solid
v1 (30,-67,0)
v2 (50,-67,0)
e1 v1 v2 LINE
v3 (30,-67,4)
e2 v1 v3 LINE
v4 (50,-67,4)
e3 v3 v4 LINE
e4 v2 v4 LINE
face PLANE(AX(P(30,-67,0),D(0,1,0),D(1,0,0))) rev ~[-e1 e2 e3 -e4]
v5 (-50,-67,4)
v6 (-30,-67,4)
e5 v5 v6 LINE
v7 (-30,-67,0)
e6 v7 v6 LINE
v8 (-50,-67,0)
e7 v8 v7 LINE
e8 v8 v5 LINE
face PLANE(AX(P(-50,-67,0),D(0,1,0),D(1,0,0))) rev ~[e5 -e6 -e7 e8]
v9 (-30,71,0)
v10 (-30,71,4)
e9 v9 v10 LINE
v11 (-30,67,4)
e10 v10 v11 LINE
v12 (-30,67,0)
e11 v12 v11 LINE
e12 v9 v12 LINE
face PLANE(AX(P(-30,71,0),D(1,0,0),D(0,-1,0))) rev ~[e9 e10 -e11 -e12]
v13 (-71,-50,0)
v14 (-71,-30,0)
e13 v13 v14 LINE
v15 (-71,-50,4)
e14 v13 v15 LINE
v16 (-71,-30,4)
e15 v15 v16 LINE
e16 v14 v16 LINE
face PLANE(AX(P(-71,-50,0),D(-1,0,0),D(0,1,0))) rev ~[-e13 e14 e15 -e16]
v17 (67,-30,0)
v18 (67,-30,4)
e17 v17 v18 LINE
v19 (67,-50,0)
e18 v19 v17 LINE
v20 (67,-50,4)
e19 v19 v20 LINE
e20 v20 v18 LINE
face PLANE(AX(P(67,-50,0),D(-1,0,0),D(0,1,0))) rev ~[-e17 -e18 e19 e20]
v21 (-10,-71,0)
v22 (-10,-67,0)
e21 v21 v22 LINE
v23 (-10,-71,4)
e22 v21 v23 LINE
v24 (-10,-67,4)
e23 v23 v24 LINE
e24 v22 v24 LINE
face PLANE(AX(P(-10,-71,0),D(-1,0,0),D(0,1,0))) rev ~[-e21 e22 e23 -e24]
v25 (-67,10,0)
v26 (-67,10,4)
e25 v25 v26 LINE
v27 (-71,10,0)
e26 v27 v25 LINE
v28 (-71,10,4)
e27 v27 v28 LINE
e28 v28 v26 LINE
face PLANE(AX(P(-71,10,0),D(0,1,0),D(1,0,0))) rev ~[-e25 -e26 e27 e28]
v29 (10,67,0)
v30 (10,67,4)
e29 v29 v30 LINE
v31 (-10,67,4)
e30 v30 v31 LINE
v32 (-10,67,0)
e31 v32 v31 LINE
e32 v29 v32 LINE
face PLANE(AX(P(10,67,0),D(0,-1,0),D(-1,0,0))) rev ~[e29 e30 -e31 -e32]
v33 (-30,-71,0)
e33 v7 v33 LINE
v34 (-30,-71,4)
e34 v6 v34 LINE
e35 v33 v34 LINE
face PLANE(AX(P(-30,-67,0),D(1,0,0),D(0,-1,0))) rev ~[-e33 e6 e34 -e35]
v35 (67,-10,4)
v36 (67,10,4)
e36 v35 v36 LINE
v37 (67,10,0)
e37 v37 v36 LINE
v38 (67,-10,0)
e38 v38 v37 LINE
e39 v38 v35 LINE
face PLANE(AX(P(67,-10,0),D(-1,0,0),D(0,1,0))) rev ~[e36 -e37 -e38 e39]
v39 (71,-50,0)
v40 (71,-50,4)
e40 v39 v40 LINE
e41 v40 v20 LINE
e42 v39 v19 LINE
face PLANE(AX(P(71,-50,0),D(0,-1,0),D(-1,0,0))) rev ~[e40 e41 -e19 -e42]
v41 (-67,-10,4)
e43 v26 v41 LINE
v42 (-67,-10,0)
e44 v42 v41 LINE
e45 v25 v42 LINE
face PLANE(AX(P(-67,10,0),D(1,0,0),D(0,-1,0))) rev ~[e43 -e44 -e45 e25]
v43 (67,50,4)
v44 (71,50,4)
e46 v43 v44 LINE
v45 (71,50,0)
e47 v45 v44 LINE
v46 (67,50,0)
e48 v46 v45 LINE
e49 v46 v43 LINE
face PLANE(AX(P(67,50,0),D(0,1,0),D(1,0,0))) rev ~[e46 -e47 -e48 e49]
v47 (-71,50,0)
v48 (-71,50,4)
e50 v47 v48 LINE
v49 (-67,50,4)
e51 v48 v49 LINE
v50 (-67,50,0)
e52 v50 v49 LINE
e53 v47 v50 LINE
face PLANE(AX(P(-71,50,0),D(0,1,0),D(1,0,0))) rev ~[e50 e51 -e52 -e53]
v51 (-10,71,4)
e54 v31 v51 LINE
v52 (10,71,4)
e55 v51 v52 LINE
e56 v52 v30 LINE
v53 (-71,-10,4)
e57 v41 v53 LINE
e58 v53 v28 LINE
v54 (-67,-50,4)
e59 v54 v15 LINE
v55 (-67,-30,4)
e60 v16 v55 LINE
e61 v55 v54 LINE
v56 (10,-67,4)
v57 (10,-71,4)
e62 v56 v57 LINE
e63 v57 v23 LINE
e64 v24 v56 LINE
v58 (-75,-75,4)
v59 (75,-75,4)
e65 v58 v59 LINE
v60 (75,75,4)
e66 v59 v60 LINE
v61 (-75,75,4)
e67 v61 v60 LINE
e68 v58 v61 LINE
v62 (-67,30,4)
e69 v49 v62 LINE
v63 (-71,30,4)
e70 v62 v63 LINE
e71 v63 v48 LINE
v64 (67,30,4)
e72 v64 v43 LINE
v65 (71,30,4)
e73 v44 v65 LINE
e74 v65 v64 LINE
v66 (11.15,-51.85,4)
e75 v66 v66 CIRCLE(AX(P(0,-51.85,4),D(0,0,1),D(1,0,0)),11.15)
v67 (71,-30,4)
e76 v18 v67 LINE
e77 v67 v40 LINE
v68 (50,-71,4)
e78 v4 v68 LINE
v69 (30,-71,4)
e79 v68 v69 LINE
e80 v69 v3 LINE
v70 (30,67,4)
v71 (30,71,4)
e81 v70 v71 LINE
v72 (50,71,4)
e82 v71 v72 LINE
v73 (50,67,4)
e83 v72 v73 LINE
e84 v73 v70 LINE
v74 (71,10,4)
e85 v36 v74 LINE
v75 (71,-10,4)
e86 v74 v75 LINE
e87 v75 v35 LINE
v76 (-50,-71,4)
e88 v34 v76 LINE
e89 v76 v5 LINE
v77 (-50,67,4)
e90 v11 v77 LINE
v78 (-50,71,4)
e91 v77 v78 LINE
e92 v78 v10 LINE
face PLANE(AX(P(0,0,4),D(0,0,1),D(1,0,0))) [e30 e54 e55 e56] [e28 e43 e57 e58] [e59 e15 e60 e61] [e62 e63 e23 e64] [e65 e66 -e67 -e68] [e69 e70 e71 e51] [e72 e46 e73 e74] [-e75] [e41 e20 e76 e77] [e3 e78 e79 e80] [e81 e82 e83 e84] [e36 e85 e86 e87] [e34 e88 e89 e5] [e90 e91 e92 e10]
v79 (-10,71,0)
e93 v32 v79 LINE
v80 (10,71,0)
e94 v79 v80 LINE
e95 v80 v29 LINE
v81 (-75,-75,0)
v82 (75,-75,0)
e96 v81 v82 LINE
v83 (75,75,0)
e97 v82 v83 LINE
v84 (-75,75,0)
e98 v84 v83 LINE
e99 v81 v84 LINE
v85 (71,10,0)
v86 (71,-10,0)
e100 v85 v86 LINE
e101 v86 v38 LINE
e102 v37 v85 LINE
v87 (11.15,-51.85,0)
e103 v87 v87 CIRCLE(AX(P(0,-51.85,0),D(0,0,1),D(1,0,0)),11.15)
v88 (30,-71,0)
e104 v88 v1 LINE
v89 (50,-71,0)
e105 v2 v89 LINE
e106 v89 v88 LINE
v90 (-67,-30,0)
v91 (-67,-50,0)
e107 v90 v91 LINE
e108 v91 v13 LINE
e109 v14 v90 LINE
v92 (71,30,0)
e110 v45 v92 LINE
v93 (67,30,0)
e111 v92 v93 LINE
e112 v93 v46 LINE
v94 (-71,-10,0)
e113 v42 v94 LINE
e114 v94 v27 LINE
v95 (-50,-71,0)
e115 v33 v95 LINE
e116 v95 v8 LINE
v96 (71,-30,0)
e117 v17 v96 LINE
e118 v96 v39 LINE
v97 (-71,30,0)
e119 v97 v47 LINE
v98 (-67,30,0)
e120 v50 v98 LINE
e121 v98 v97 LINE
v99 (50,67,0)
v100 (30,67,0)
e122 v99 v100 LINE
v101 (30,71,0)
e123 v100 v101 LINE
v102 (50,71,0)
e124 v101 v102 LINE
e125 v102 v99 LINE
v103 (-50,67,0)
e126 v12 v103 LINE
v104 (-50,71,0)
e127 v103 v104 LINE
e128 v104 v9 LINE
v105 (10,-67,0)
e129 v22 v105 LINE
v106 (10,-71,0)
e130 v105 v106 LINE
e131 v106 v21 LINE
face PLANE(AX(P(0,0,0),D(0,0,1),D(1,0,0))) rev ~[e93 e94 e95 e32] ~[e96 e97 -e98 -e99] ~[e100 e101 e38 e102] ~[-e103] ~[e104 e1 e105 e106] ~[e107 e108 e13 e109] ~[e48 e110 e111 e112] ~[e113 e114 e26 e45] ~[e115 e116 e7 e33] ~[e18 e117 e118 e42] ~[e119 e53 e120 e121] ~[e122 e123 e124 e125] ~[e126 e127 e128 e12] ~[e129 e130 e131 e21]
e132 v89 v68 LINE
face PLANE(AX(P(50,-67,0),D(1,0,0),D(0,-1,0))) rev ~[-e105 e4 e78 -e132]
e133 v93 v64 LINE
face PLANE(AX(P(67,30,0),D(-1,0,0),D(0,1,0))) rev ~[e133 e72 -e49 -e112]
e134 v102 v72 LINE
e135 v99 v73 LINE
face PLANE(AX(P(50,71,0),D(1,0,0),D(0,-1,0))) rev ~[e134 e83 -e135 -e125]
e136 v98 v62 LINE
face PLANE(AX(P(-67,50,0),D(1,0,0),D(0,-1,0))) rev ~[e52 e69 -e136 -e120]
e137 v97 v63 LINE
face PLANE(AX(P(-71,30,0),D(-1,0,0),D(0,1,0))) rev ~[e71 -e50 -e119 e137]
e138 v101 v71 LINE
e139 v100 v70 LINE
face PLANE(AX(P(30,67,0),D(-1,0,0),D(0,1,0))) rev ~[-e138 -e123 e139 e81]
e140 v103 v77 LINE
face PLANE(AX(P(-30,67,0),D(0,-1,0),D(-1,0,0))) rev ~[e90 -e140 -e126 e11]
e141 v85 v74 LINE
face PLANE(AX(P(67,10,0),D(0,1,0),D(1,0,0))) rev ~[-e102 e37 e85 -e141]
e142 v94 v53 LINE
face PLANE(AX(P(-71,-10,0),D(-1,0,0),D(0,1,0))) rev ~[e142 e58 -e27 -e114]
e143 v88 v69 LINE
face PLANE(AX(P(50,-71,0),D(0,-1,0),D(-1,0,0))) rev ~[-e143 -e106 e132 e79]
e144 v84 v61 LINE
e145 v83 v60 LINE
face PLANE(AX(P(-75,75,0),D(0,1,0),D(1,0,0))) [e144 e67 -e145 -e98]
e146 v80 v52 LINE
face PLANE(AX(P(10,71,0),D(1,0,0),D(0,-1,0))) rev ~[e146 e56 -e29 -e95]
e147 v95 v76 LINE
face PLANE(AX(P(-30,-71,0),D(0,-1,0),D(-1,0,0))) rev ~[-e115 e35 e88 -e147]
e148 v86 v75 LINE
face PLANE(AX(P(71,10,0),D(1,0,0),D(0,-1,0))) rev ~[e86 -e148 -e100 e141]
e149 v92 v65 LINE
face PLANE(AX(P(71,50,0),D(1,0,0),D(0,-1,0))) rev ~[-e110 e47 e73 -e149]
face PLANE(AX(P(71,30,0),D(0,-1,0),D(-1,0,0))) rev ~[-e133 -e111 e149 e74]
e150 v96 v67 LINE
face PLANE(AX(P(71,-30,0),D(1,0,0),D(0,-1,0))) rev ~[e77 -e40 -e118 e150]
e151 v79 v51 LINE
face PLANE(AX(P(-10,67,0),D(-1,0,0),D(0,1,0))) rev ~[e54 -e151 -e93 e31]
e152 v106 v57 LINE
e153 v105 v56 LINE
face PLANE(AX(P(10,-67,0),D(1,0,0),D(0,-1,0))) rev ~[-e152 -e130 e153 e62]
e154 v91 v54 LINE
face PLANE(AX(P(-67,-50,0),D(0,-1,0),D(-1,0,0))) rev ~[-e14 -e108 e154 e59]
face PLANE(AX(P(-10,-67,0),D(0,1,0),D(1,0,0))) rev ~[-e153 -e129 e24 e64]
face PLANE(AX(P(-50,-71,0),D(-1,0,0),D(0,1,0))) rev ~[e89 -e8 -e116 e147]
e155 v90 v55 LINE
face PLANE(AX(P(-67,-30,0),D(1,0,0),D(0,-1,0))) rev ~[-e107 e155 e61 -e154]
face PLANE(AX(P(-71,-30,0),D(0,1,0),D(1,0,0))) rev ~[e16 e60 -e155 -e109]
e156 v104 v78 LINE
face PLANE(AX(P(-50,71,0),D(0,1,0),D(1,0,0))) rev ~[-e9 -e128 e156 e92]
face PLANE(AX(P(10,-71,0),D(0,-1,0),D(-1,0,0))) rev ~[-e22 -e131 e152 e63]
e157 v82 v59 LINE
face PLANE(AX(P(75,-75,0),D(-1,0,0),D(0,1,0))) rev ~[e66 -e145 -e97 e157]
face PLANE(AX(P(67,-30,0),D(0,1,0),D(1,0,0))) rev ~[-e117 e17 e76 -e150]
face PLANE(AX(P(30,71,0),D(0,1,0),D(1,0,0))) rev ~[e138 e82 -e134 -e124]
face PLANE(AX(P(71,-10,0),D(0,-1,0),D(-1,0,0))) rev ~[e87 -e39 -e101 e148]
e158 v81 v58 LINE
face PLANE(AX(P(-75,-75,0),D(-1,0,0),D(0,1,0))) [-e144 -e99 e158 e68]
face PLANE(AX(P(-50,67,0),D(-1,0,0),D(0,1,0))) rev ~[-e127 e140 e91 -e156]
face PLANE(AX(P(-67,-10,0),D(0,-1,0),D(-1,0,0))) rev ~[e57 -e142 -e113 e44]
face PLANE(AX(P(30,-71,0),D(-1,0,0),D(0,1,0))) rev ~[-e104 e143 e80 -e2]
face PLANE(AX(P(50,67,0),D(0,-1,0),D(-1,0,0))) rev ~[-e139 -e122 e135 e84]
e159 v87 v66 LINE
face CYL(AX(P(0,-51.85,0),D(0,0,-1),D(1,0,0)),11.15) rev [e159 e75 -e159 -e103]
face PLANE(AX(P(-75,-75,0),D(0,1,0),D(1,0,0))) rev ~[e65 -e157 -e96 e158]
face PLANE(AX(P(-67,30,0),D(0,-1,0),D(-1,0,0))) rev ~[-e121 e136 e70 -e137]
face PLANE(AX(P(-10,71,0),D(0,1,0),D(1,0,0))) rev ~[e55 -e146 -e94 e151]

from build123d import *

# Parameters (mm, degrees)
F0_W     = 150
F0_H     = 150
F0_R     = 11.15
F1_DEPTH = 4


with BuildPart() as f1:
    # F0 (on Top) → F1 (new body)
    with BuildSketch(Plane.XY):
        Rectangle(F0_W, F0_H)
        Polygon((-30, -71), (-40, -71), (-50, -71), (-50, -67), (-40, -67), (-30, -67), align=None, mode=Mode.SUBTRACT)
        Polygon((-71, -30), (-67, -30), (-67, -50), (-71, -50), (-71, -40), align=None, mode=Mode.SUBTRACT)
        Polygon((-10, -71), (-10, -67), (0, -67), (10, -67), (10, -71), (0, -71), align=None, mode=Mode.SUBTRACT)
        with Locations((0, -51.85)):
            Circle(F0_R, mode=Mode.SUBTRACT)
        Polygon((50, -71), (40, -71), (30, -71), (30, -67), (40, -67), (50, -67), align=None, mode=Mode.SUBTRACT)
        Polygon((71, -50), (67, -50), (67, -30), (71, -30), (71, -40), align=None, mode=Mode.SUBTRACT)
        Polygon((-71, -10), (-71, 0), (-71, 10), (-67, 10), (-67, 0), (-67, -10), align=None, mode=Mode.SUBTRACT)
        Polygon((-71, 50), (-67, 50), (-67, 30), (-71, 30), (-71, 40), align=None, mode=Mode.SUBTRACT)
        Polygon((-30, 71), (-30, 67), (-40, 67), (-50, 67), (-50, 71), (-40, 71), align=None, mode=Mode.SUBTRACT)
        Polygon((71, 0), (71, -10), (67, -10), (67, 10), (71, 10), align=None, mode=Mode.SUBTRACT)
        Polygon((-10, 71), (0, 71), (10, 71), (10, 67), (0, 67), (-10, 67), align=None, mode=Mode.SUBTRACT)
        Polygon((71, 30), (67, 30), (67, 50), (71, 50), (71, 40), align=None, mode=Mode.SUBTRACT)
        Polygon((30, 71), (40, 71), (50, 71), (50, 67), (40, 67), (30, 67), align=None, mode=Mode.SUBTRACT)
    extrude(amount=F1_DEPTH)


solid = f1.part
